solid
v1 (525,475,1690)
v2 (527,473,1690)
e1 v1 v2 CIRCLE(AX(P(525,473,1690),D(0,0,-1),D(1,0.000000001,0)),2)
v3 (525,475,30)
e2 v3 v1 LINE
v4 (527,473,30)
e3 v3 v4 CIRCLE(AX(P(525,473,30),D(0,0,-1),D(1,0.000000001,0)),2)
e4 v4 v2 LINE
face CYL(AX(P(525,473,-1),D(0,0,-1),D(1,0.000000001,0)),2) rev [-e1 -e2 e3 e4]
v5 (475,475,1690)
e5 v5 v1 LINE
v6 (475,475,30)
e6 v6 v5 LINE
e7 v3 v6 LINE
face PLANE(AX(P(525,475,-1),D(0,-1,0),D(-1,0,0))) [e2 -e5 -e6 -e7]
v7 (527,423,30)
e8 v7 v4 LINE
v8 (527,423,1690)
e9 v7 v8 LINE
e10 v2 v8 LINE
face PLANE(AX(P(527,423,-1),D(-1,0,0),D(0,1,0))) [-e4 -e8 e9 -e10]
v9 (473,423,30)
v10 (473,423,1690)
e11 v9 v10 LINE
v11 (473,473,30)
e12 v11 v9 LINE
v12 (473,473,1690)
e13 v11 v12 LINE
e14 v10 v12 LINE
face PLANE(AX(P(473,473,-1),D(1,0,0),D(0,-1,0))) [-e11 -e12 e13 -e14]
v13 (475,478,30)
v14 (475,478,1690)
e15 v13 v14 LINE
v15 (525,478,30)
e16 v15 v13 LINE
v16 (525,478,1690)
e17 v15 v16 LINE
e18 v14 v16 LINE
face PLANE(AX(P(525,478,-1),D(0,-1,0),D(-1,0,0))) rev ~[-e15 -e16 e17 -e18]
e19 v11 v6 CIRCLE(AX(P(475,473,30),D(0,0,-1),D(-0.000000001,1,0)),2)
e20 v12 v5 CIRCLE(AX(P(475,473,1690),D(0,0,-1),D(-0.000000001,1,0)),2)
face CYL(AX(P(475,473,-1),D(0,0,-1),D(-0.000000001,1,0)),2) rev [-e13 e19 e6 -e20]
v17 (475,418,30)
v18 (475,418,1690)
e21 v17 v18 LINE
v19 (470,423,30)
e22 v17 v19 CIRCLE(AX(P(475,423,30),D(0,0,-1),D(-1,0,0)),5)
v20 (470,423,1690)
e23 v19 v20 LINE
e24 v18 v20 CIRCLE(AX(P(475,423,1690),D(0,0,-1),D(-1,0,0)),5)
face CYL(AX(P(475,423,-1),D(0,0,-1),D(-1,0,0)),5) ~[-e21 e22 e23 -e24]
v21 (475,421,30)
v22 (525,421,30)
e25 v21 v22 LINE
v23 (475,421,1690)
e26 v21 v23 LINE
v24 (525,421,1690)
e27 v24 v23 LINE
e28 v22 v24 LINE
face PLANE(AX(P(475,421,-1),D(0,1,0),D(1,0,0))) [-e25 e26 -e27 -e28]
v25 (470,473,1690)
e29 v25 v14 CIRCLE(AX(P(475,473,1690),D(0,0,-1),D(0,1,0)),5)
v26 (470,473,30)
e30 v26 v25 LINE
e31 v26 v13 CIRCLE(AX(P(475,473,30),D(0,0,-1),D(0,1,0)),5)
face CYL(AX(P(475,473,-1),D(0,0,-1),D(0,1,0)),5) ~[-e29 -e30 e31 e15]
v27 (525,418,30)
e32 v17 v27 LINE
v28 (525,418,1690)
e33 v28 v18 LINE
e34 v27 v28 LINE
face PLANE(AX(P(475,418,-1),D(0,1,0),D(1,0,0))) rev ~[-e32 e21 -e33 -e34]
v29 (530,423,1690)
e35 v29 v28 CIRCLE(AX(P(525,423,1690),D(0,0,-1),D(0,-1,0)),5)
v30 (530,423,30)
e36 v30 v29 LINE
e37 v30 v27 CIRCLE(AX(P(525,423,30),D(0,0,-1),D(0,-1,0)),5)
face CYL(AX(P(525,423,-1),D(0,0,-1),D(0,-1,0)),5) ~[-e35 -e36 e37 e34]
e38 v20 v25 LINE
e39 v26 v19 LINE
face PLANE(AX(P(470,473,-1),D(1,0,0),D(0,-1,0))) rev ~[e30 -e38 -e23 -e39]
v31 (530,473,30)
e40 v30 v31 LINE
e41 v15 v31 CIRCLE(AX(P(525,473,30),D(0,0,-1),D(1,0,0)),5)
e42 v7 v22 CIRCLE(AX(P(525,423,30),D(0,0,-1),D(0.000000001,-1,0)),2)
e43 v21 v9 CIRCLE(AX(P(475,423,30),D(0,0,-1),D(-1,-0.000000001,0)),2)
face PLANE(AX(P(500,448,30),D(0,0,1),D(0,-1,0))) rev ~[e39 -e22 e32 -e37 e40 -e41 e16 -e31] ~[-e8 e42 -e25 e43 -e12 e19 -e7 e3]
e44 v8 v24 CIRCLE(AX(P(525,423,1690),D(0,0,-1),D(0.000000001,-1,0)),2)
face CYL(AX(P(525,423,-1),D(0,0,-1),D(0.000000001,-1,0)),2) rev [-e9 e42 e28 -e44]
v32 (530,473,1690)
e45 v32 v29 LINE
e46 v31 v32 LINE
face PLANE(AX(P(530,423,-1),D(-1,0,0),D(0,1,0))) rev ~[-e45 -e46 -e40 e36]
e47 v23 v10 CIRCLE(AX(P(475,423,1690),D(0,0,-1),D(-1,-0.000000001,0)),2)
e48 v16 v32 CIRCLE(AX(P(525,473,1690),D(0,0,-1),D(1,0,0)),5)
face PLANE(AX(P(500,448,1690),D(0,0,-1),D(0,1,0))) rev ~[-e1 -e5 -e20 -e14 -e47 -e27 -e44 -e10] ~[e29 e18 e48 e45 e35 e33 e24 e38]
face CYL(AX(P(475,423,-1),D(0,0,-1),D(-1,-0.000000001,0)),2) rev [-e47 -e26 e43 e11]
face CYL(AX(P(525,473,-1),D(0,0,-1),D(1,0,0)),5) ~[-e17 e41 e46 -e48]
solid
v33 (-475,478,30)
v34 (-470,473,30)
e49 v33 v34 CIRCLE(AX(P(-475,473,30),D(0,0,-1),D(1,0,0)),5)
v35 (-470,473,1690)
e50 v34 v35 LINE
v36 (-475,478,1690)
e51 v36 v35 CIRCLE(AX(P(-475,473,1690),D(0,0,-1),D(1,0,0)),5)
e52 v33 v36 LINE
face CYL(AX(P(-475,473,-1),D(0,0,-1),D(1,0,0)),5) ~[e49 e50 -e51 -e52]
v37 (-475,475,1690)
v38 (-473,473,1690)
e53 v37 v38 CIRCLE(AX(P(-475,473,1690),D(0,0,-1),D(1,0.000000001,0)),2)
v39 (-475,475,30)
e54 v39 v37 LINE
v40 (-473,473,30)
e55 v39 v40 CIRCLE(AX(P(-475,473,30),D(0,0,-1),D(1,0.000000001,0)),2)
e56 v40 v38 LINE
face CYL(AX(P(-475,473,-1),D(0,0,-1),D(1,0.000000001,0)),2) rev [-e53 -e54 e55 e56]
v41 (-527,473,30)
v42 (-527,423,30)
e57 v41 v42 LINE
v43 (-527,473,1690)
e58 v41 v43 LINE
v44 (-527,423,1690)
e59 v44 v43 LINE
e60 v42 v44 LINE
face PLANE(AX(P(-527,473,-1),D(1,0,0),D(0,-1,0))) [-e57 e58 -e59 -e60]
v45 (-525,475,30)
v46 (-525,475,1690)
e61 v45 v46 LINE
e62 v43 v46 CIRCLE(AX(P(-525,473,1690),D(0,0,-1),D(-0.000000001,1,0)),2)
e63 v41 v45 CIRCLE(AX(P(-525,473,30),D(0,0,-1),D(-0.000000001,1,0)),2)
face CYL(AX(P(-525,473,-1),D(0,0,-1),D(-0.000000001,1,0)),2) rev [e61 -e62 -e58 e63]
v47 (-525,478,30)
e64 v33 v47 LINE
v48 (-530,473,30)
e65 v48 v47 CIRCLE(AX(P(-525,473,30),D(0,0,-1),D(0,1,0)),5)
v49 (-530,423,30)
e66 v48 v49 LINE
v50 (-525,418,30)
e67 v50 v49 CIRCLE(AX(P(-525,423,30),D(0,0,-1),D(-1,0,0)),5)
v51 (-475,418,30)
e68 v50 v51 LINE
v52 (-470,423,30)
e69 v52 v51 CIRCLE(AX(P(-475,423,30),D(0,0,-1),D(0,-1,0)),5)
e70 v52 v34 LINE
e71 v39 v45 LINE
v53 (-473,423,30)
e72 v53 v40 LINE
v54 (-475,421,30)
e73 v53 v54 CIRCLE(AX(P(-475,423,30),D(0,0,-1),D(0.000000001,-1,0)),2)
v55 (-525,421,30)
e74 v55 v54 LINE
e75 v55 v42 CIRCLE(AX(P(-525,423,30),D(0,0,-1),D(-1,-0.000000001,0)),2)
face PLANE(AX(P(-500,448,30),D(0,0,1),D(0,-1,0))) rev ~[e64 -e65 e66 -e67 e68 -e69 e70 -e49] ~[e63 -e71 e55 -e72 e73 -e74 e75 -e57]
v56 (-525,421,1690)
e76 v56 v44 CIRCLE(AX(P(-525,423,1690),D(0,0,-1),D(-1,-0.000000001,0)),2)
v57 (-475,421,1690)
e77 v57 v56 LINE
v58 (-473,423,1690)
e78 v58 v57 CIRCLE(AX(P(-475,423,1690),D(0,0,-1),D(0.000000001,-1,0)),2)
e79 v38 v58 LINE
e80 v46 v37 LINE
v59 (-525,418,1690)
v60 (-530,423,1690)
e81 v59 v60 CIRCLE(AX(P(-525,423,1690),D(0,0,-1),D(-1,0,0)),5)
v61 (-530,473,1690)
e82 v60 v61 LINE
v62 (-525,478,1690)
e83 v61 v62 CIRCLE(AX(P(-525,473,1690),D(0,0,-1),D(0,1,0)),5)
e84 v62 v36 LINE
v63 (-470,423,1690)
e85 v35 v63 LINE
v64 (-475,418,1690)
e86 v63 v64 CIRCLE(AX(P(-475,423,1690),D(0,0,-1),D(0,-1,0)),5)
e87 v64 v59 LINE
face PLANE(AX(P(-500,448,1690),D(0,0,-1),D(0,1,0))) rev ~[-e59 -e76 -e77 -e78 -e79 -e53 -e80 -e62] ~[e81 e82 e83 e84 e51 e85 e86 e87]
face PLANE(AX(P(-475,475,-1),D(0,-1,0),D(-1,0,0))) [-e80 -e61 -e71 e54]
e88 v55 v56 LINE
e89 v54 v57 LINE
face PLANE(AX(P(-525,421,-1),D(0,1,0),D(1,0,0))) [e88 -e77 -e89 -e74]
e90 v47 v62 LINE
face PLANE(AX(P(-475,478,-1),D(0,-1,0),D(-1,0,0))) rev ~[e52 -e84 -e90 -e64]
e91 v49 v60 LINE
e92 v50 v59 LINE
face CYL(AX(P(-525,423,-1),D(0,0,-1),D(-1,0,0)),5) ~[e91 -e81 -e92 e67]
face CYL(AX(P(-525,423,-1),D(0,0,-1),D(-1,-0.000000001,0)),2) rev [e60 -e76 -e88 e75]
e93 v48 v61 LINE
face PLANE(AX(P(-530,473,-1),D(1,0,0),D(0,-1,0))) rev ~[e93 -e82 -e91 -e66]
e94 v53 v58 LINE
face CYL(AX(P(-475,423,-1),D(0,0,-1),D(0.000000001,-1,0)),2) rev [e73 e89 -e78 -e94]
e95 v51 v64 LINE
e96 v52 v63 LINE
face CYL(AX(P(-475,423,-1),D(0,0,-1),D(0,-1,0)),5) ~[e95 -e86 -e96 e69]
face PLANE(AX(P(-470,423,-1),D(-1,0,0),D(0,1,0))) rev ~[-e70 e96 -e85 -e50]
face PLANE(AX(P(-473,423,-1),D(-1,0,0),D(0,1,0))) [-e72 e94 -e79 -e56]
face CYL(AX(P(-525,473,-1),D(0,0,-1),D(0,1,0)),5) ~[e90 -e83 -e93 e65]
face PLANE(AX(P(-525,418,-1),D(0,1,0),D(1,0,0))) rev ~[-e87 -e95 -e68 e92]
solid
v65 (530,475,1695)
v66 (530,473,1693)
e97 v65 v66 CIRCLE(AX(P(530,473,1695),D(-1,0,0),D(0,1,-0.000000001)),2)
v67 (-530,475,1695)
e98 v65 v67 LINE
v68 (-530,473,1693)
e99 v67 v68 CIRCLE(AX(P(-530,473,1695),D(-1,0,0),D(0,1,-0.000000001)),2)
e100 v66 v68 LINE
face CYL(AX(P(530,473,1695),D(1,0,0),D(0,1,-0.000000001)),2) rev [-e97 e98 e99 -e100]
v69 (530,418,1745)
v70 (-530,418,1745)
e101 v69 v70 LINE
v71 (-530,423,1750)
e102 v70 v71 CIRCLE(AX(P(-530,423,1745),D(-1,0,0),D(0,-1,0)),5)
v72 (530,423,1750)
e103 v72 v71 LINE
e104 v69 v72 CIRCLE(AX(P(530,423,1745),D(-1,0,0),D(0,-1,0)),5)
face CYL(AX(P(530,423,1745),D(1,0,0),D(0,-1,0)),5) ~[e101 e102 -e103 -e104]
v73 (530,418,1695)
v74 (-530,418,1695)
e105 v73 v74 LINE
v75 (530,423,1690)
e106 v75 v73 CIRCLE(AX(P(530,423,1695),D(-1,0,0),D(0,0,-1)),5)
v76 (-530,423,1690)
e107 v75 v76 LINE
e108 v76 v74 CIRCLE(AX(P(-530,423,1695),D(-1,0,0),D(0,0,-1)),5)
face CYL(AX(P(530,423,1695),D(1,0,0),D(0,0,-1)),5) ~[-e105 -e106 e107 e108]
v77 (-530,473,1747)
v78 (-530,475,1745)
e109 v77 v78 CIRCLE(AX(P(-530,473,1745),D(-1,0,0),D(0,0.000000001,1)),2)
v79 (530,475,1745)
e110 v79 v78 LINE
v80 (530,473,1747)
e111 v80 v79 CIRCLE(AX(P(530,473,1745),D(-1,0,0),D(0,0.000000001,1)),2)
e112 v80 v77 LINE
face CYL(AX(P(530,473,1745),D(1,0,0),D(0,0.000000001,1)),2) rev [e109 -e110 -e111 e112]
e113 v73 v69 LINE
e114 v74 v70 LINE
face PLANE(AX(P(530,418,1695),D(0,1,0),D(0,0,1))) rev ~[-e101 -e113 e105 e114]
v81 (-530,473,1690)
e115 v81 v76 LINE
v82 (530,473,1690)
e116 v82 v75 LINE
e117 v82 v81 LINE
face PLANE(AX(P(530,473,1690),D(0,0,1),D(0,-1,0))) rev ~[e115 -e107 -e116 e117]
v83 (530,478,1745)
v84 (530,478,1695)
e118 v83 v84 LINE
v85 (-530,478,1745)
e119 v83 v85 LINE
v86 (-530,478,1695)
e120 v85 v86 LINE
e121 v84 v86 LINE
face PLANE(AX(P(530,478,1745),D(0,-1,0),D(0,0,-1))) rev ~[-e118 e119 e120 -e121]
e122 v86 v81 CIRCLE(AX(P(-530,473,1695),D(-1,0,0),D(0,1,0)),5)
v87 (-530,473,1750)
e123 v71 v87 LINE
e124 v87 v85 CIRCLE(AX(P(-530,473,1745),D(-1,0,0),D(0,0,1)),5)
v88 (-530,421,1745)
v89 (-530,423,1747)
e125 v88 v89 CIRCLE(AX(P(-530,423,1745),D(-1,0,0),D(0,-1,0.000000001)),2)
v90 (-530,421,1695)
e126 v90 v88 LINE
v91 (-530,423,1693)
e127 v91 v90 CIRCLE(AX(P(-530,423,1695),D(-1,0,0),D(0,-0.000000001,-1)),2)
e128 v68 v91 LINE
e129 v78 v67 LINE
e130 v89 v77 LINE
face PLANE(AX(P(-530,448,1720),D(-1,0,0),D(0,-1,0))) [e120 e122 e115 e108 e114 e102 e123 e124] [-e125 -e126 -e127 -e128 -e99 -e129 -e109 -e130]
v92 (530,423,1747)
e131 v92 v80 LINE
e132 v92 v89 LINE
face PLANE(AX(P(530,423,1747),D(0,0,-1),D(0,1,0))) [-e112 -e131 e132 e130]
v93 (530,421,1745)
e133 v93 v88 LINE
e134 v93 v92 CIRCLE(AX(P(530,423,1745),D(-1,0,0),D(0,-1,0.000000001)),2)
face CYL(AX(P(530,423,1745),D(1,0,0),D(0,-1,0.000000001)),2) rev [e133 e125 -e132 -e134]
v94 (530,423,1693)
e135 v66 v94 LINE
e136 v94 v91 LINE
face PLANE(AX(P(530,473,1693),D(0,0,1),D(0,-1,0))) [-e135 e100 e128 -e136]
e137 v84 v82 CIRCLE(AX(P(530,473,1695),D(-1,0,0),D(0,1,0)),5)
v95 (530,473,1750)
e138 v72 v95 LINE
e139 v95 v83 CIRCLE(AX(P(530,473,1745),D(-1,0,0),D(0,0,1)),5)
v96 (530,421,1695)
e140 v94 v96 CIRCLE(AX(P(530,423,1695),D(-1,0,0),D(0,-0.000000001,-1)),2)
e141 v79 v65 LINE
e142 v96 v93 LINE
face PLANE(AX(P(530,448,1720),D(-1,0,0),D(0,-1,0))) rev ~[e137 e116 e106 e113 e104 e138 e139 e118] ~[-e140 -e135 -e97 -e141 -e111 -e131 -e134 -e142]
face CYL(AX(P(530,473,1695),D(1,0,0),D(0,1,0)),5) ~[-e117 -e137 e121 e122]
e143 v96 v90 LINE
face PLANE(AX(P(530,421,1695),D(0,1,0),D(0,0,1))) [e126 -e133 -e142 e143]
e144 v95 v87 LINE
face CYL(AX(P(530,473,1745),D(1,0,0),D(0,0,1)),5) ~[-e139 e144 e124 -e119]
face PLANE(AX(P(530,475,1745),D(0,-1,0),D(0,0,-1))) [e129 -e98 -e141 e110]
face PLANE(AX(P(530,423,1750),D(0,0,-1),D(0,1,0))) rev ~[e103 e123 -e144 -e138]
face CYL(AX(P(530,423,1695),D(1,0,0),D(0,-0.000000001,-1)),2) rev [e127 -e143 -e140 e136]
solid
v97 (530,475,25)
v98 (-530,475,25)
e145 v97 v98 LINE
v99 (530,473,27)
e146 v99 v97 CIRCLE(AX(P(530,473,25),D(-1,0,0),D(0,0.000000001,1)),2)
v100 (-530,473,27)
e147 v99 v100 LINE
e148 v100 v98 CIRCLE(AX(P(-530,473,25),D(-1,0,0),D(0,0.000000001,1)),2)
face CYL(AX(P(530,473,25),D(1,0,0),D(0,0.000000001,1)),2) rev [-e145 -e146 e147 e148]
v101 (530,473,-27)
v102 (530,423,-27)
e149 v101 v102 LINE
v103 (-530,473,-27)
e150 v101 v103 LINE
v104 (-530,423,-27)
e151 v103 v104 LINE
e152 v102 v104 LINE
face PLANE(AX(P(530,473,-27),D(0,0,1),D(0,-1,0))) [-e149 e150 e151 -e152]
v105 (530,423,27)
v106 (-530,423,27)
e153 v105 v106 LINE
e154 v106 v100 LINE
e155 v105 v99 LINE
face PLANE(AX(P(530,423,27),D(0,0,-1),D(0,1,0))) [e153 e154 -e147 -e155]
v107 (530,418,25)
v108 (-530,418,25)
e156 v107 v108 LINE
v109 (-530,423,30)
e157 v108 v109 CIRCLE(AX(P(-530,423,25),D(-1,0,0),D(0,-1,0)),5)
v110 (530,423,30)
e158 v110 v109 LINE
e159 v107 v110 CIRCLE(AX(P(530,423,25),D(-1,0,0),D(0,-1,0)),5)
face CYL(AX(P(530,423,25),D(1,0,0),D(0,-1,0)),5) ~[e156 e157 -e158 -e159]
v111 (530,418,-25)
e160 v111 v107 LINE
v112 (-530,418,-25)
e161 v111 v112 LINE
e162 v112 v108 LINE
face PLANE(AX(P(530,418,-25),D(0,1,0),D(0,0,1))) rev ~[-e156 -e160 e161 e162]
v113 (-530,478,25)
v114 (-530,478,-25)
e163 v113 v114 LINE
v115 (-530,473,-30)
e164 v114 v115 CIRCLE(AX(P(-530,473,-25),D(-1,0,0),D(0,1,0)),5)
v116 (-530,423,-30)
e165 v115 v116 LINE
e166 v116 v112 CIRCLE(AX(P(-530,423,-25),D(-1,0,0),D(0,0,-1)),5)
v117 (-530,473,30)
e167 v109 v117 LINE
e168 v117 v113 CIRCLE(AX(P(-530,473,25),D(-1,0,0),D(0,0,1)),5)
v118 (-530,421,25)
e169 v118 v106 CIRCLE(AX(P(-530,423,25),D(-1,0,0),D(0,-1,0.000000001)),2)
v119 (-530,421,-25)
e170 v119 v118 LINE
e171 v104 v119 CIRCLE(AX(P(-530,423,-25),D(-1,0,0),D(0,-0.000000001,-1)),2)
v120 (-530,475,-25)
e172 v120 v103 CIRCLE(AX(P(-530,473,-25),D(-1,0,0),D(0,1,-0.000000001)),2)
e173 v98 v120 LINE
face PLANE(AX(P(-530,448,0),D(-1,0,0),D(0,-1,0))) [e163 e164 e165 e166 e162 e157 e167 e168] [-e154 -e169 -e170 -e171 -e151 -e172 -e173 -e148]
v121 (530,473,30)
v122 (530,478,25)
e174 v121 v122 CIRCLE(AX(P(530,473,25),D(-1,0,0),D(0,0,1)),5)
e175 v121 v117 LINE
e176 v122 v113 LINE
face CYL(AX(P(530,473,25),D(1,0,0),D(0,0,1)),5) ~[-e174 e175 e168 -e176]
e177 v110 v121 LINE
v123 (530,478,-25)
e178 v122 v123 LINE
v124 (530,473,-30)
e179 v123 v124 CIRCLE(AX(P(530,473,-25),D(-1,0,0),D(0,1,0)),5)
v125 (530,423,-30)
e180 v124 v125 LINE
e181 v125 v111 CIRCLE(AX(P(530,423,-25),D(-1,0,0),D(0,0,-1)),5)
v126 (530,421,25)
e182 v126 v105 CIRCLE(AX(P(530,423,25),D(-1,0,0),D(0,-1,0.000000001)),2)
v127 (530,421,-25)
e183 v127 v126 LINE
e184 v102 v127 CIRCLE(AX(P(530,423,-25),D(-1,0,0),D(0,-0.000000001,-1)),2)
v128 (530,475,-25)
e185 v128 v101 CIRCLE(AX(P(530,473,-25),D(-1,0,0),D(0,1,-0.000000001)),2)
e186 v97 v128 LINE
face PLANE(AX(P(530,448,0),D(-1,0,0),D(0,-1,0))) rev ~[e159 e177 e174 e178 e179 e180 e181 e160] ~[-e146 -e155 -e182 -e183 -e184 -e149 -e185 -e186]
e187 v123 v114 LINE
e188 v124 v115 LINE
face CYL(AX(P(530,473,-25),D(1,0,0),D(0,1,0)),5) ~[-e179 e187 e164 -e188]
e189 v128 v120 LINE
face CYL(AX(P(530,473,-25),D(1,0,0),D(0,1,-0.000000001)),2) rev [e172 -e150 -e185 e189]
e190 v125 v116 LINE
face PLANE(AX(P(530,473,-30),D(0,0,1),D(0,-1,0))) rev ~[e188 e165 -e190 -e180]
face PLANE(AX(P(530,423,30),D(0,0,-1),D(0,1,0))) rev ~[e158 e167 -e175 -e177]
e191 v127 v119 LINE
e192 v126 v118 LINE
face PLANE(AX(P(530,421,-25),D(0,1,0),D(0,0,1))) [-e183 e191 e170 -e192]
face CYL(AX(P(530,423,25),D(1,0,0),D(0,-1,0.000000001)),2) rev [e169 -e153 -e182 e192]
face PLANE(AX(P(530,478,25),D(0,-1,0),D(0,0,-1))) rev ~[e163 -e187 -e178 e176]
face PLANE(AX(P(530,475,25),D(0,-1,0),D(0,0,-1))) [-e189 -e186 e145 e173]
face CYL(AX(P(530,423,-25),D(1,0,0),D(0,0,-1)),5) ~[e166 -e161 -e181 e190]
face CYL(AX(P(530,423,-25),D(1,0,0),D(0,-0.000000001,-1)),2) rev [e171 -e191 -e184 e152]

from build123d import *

# Parameters (mm, degrees)
F_120_X_80_X_8_1_DEPTH      = 1030
F_120_X_80_X_8_1_DEPTH_BACK = 30
F_120_X_80_X_8_1_2_DEPTH    = 1060
F_120_X_80_X_8_1_3_DEPTH    = 1722
F_120_X_80_X_8_1_4_DEPTH    = 1722


with BuildPart() as part:
    # Sketch1 → Прямоугольная труба 120 X 80 X 8(1) (new, two sides: drawn at the far end of the back side and taken through both)
    with BuildSketch(Plane(origin=(500, 448, 1720), x_dir=(0, -1, 0), z_dir=(-1, 0, 0)).offset(-F_120_X_80_X_8_1_DEPTH_BACK)):
        with BuildLine():
            Line((-25, -30), (25, -30))
            ThreePointArc((25, -30), (28.535533906, -28.535533906), (30, -25))
            Line((30, -25), (30, 25))
            ThreePointArc((30, 25), (28.535533906, 28.535533906), (25, 30))
            Line((25, 30), (-25, 30))
            ThreePointArc((-25, 30), (-28.535533906, 28.535533906), (-30, 25))
            Line((-30, 25), (-30, -25))
            ThreePointArc((-30, -25), (-28.535533906, -28.535533906), (-25, -30))
        make_face()
        with BuildLine():
            Line((-25, -27), (25, -27))
            ThreePointArc((25, -27), (26.414213562, -26.414213562), (27, -25))
            Line((27, -25), (27, 25))
            ThreePointArc((27, 25), (26.414213562, 26.414213562), (25, 27))
            Line((25, 27), (-25, 27))
            ThreePointArc((-25, 27), (-26.414213562, 26.414213562), (-27, 25))
            Line((-27, 25), (-27, -25))
            ThreePointArc((-27, -25), (-26.414213562, -26.414213562), (-25, -27))
        make_face(mode=Mode.SUBTRACT)
    extrude(amount=F_120_X_80_X_8_1_DEPTH + F_120_X_80_X_8_1_DEPTH_BACK)


with BuildPart() as body_2:
    # Sketch1 on segment 2 (carried to segment 2) → 120 X 80 X 8_1 2 (new body)
    with BuildSketch(Plane(origin=(530, 448, 0), x_dir=(0, -1, 0), z_dir=(-1, 0, 0))):
        with BuildLine():
            Line((-25, -30), (25, -30))
            ThreePointArc((25, -30), (28.535533906, -28.535533906), (30, -25))
            Line((30, -25), (30, 25))
            ThreePointArc((30, 25), (28.535533906, 28.535533906), (25, 30))
            Line((25, 30), (-25, 30))
            ThreePointArc((-25, 30), (-28.535533906, 28.535533906), (-30, 25))
            Line((-30, 25), (-30, -25))
            ThreePointArc((-30, -25), (-28.535533906, -28.535533906), (-25, -30))
        make_face()
        with BuildLine():
            Line((-25, -27), (25, -27))
            ThreePointArc((25, -27), (26.414213562, -26.414213562), (27, -25))
            Line((27, -25), (27, 25))
            ThreePointArc((27, 25), (26.414213562, 26.414213562), (25, 27))
            Line((25, 27), (-25, 27))
            ThreePointArc((-25, 27), (-26.414213562, 26.414213562), (-27, 25))
            Line((-27, 25), (-27, -25))
            ThreePointArc((-27, -25), (-26.414213562, -26.414213562), (-25, -27))
        make_face(mode=Mode.SUBTRACT)
    extrude(amount=F_120_X_80_X_8_1_2_DEPTH)


with BuildPart() as body_3:
    # Sketch1 on segment 3 (carried to segment 3) → 120 X 80 X 8_1 3 (new body)
    with BuildSketch(Plane(origin=(-500, 448, -1), x_dir=(0, -1, 0), z_dir=(0, 0, 1))):
        with BuildLine():
            Line((-25, -30), (25, -30))
            ThreePointArc((25, -30), (28.535533906, -28.535533906), (30, -25))
            Line((30, -25), (30, 25))
            ThreePointArc((30, 25), (28.535533906, 28.535533906), (25, 30))
            Line((25, 30), (-25, 30))
            ThreePointArc((-25, 30), (-28.535533906, 28.535533906), (-30, 25))
            Line((-30, 25), (-30, -25))
            ThreePointArc((-30, -25), (-28.535533906, -28.535533906), (-25, -30))
        make_face()
        with BuildLine():
            Line((-25, -27), (25, -27))
            ThreePointArc((25, -27), (26.414213562, -26.414213562), (27, -25))
            Line((27, -25), (27, 25))
            ThreePointArc((27, 25), (26.414213562, 26.414213562), (25, 27))
            Line((25, 27), (-25, 27))
            ThreePointArc((-25, 27), (-26.414213562, 26.414213562), (-27, 25))
            Line((-27, 25), (-27, -25))
            ThreePointArc((-27, -25), (-26.414213562, -26.414213562), (-25, -27))
        make_face(mode=Mode.SUBTRACT)
    extrude(amount=F_120_X_80_X_8_1_3_DEPTH)

    # 120 X 80 X 8_1 3 end butt 1
    split(bisect_by=Plane(origin=(-500, 448, 30), x_dir=(0, -1, 0), z_dir=(0, 0, 1)), keep=Keep.TOP)

    # 120 X 80 X 8_1 3 end butt 2
    split(bisect_by=Plane(origin=(-500, 448, 1690), x_dir=(0, 1, 0), z_dir=(0, 0, -1)), keep=Keep.TOP)


with BuildPart() as body_4:
    # Sketch1 on segment 4 (carried to segment 4) → 120 X 80 X 8_1 4 (new body)
    with BuildSketch(Plane(origin=(500, 448, -1), x_dir=(0, -1, 0), z_dir=(0, 0, 1))):
        with BuildLine():
            Line((-25, -30), (25, -30))
            ThreePointArc((25, -30), (28.535533906, -28.535533906), (30, -25))
            Line((30, -25), (30, 25))
            ThreePointArc((30, 25), (28.535533906, 28.535533906), (25, 30))
            Line((25, 30), (-25, 30))
            ThreePointArc((-25, 30), (-28.535533906, 28.535533906), (-30, 25))
            Line((-30, 25), (-30, -25))
            ThreePointArc((-30, -25), (-28.535533906, -28.535533906), (-25, -30))
        make_face()
        with BuildLine():
            Line((-25, -27), (25, -27))
            ThreePointArc((25, -27), (26.414213562, -26.414213562), (27, -25))
            Line((27, -25), (27, 25))
            ThreePointArc((27, 25), (26.414213562, 26.414213562), (25, 27))
            Line((25, 27), (-25, 27))
            ThreePointArc((-25, 27), (-26.414213562, 26.414213562), (-27, 25))
            Line((-27, 25), (-27, -25))
            ThreePointArc((-27, -25), (-26.414213562, -26.414213562), (-25, -27))
        make_face(mode=Mode.SUBTRACT)
    extrude(amount=F_120_X_80_X_8_1_4_DEPTH)

    # 120 X 80 X 8_1 4 end butt 1
    split(bisect_by=Plane(origin=(500, 448, 30), x_dir=(0, -1, 0), z_dir=(0, 0, 1)), keep=Keep.TOP)

    # 120 X 80 X 8_1 4 end butt 2
    split(bisect_by=Plane(origin=(500, 448, 1690), x_dir=(0, 1, 0), z_dir=(0, 0, -1)), keep=Keep.TOP)


solid = Compound([part.part, body_2.part, body_3.part, body_4.part])
